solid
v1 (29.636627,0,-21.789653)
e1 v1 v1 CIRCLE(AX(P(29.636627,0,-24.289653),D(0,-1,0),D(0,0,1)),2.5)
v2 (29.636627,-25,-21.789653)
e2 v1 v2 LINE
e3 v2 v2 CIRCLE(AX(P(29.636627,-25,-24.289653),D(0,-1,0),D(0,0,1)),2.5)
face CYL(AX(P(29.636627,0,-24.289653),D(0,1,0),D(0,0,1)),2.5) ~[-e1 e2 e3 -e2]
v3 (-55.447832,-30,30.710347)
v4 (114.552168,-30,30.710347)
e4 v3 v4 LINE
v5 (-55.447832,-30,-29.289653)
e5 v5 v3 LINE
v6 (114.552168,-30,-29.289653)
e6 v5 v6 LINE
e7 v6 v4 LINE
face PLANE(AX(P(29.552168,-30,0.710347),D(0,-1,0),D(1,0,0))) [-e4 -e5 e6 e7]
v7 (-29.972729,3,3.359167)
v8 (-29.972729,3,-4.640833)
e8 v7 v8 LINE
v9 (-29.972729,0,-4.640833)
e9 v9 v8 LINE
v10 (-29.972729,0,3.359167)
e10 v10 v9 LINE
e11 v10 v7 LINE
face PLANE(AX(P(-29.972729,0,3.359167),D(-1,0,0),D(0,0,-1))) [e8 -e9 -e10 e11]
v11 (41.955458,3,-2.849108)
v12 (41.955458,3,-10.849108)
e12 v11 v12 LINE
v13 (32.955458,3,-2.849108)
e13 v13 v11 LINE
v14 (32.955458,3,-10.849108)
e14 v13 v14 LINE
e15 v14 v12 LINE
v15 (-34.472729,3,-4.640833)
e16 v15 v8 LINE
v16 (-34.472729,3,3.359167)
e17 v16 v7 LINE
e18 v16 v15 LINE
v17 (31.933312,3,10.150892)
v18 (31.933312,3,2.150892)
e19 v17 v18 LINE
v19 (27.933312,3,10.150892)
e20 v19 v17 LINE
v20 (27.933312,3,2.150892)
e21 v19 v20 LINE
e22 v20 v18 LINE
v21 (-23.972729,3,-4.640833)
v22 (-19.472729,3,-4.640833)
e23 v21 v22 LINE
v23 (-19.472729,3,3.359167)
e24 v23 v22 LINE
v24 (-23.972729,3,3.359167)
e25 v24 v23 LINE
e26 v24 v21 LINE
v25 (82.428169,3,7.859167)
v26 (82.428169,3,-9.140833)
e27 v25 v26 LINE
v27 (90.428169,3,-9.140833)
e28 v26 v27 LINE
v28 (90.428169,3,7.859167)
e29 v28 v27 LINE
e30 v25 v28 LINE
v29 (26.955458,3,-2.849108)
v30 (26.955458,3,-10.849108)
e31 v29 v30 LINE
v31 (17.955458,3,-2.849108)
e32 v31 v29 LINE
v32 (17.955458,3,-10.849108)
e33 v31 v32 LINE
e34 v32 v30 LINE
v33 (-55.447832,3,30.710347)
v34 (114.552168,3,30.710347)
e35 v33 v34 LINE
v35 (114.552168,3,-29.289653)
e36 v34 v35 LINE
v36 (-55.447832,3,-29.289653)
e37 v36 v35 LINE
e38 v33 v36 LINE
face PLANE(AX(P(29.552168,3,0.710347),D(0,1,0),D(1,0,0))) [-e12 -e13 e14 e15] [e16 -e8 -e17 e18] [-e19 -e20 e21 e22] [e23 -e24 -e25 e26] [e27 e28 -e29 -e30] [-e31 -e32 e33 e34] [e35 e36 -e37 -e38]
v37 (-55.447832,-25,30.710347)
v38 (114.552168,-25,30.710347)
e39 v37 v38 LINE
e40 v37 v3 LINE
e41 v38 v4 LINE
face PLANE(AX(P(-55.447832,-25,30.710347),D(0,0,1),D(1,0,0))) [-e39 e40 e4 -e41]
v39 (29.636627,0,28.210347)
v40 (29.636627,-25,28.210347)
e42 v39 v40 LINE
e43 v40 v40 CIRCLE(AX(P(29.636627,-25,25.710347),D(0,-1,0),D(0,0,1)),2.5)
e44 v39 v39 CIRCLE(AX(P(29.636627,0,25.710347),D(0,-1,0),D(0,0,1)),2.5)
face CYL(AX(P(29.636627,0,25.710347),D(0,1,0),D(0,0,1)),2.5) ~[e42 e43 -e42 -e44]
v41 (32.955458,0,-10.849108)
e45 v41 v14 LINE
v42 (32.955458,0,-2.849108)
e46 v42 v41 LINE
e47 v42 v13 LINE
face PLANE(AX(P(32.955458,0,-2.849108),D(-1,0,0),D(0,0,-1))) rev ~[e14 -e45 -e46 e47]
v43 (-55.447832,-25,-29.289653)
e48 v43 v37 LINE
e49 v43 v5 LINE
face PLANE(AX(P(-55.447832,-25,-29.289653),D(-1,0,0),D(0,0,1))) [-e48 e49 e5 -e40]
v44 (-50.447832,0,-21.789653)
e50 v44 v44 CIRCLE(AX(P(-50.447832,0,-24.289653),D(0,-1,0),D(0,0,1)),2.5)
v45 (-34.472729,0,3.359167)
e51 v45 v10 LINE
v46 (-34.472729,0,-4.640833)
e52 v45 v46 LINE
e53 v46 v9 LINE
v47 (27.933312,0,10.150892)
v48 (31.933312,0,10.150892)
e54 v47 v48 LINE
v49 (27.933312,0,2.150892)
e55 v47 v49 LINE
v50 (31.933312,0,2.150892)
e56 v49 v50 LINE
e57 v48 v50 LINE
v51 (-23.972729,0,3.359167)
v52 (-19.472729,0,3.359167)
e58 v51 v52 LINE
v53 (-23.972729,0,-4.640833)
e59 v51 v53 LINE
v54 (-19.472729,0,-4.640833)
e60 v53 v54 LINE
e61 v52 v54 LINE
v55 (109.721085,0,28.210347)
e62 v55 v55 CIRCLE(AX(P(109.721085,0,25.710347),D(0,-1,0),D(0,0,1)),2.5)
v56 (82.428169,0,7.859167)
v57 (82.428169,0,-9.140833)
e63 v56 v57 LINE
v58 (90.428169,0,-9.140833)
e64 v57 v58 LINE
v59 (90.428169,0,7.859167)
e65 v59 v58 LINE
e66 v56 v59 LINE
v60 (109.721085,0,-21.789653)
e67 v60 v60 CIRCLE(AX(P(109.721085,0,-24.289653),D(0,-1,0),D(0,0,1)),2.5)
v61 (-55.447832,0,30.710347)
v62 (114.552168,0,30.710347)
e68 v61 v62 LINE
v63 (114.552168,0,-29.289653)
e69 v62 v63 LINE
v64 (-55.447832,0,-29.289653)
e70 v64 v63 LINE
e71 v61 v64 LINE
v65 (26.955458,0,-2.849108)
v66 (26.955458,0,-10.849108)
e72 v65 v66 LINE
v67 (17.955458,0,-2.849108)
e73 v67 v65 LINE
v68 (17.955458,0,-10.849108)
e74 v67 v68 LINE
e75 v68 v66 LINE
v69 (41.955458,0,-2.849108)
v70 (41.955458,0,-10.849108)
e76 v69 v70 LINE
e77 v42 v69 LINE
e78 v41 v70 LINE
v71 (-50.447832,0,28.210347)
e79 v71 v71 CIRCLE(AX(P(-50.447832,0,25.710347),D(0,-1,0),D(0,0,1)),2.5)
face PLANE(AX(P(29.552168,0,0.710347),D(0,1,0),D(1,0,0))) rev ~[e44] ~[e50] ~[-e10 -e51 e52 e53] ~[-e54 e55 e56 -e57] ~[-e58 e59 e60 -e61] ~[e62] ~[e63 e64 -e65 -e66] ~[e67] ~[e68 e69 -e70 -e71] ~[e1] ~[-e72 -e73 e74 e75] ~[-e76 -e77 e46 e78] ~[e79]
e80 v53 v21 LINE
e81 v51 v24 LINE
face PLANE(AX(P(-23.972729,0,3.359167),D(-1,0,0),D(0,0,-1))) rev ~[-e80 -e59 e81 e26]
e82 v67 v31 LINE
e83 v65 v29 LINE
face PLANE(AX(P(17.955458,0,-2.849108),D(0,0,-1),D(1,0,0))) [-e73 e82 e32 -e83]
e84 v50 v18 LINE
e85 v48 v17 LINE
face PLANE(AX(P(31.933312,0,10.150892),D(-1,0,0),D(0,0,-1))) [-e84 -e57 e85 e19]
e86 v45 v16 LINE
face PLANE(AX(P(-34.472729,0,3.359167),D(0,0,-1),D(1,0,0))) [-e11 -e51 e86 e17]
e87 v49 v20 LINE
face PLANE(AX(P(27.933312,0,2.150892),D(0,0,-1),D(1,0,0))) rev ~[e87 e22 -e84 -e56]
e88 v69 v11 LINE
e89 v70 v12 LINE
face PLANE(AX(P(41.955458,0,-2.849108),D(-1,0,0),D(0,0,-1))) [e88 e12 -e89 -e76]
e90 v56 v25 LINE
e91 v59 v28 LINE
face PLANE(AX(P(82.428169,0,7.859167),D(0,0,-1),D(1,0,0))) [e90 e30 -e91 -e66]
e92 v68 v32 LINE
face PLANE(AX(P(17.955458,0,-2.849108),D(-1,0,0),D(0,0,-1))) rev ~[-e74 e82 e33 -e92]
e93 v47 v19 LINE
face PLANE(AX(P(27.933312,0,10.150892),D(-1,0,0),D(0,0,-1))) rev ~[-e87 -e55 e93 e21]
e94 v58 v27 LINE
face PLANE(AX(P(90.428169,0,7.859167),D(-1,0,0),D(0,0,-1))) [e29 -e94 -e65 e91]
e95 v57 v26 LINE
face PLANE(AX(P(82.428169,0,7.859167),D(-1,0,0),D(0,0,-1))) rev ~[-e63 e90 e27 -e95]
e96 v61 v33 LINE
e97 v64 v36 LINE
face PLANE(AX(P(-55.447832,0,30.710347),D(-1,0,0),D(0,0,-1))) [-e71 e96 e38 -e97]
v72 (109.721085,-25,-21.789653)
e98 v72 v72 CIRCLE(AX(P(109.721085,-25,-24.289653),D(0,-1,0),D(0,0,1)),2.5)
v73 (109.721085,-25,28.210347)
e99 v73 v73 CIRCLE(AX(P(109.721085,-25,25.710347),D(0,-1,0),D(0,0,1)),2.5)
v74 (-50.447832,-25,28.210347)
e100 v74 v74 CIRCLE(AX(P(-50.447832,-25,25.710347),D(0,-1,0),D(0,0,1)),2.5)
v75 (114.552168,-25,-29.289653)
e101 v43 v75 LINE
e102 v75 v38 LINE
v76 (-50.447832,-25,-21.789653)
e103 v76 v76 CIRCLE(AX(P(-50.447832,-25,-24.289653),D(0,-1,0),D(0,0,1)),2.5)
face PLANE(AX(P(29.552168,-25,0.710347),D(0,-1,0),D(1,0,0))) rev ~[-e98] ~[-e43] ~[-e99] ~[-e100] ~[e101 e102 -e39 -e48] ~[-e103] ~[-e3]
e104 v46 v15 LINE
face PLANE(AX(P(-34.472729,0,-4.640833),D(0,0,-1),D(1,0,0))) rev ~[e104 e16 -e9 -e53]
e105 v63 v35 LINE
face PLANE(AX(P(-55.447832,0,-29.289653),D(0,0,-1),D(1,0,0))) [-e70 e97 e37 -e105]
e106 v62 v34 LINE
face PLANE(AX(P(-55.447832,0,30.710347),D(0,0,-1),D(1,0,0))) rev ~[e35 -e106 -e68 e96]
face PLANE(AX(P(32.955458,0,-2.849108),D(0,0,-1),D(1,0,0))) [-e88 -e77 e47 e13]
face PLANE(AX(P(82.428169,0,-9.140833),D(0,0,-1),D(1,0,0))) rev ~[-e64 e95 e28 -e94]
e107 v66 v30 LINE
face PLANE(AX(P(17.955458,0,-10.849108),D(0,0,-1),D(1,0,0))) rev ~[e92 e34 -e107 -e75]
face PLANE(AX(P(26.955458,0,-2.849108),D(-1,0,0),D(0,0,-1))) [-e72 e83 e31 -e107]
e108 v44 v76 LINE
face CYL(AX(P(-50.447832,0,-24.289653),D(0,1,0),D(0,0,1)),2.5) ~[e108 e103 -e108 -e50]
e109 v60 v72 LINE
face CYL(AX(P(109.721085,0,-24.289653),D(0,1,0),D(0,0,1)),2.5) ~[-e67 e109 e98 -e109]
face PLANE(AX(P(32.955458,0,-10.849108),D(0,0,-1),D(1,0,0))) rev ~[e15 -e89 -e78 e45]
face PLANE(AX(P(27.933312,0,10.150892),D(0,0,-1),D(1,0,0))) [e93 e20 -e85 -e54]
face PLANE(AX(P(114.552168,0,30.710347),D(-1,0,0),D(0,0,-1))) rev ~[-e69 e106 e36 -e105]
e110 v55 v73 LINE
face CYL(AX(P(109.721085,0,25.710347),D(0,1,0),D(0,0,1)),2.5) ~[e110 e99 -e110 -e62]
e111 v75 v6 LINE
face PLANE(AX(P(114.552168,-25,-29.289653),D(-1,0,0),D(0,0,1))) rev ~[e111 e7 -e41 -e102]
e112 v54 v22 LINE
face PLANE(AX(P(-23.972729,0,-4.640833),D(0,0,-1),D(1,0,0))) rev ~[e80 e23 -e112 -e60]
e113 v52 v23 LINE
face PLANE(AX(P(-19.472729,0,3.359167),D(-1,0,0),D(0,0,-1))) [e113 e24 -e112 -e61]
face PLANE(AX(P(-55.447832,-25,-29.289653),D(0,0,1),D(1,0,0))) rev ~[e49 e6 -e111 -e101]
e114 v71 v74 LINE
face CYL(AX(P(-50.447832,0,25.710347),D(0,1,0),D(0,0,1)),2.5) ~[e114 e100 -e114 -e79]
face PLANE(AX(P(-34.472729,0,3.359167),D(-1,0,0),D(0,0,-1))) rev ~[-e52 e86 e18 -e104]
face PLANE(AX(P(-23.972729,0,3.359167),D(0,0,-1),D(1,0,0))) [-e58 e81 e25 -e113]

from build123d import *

# Parameters (mm, degrees)
SKETCH_1_W      = 170
SKETCH_1_H      = 60
SKETCH_1_W_2    = 4.5
SKETCH_1_H_2    = 8
SKETCH_1_W_3    = 8
SKETCH_1_H_3    = 17
SKETCH_1_W_4    = 4
SKETCH_1_W_5    = 9
EXTRUDE_1_DEPTH = 3
SKETCH_2_R      = 2.5
EXTRUDE_2_DEPTH = 25
SKETCH_3_W      = 170
SKETCH_3_H      = 60
EXTRUDE_3_DEPTH = 5


with BuildPart() as part:
    # 草图1 → 凸台-拉伸1 (new body)
    with BuildSketch(Plane(origin=(0, 0, 0), x_dir=(1, 0, 0), z_dir=(0, 1, 0))):
        with Locations((29.55216782, -0.710346801)):
            Rectangle(SKETCH_1_W, SKETCH_1_H)
        with Locations((-32.22272899, 0.64083336)):
            Rectangle(SKETCH_1_W_2, SKETCH_1_H_2, mode=Mode.SUBTRACT)
        with Locations((-21.72272899, 0.64083336)):
            Rectangle(SKETCH_1_W_2, SKETCH_1_H_2, mode=Mode.SUBTRACT)
        with Locations((86.428168623, 0.64083336)):
            Rectangle(SKETCH_1_W_3, SKETCH_1_H_3, mode=Mode.SUBTRACT)
        with Locations((29.933311746, -6.150891768)):
            Rectangle(SKETCH_1_W_4, SKETCH_1_H_2, mode=Mode.SUBTRACT)
        with Locations((22.455458099, 6.849108232)):
            Rectangle(SKETCH_1_W_5, SKETCH_1_H_2, mode=Mode.SUBTRACT)
        with Locations((37.455458099, 6.849108232)):
            Rectangle(SKETCH_1_W_5, SKETCH_1_H_2, mode=Mode.SUBTRACT)
    extrude(amount=EXTRUDE_1_DEPTH)

    # 草图2 → 凸台-拉伸2 (add)
    with BuildSketch(Plane.XZ):
        with Locations(Location((-50.44783218, 25.710346801, 0), (0, 0, 90))):
            Circle(SKETCH_2_R)
        with Locations(Location((-50.44783218, -24.289653199, 0), (0, 0, 90))):
            Circle(SKETCH_2_R)
        with Locations(Location((109.721085394, -24.289653199, 0), (0, 0, 90))):
            Circle(SKETCH_2_R)
        with Locations(Location((109.721085394, 25.710346801, 0), (0, 0, 90))):
            Circle(SKETCH_2_R)
        with Locations(Location((29.636626607, 25.710346801, 0), (0, 0, 90))):
            Circle(SKETCH_2_R)
        with Locations(Location((29.636626607, -24.289653199, 0), (0, 0, 90))):
            Circle(SKETCH_2_R)
    extrude(amount=EXTRUDE_2_DEPTH)

    # 草图3 → 凸台-拉伸3 (add)
    with BuildSketch(Plane.XZ.offset(25)):
        with Locations((29.55216782, 0.710346801)):
            Rectangle(SKETCH_3_W, SKETCH_3_H)
    extrude(amount=EXTRUDE_3_DEPTH)


solid = part.part
